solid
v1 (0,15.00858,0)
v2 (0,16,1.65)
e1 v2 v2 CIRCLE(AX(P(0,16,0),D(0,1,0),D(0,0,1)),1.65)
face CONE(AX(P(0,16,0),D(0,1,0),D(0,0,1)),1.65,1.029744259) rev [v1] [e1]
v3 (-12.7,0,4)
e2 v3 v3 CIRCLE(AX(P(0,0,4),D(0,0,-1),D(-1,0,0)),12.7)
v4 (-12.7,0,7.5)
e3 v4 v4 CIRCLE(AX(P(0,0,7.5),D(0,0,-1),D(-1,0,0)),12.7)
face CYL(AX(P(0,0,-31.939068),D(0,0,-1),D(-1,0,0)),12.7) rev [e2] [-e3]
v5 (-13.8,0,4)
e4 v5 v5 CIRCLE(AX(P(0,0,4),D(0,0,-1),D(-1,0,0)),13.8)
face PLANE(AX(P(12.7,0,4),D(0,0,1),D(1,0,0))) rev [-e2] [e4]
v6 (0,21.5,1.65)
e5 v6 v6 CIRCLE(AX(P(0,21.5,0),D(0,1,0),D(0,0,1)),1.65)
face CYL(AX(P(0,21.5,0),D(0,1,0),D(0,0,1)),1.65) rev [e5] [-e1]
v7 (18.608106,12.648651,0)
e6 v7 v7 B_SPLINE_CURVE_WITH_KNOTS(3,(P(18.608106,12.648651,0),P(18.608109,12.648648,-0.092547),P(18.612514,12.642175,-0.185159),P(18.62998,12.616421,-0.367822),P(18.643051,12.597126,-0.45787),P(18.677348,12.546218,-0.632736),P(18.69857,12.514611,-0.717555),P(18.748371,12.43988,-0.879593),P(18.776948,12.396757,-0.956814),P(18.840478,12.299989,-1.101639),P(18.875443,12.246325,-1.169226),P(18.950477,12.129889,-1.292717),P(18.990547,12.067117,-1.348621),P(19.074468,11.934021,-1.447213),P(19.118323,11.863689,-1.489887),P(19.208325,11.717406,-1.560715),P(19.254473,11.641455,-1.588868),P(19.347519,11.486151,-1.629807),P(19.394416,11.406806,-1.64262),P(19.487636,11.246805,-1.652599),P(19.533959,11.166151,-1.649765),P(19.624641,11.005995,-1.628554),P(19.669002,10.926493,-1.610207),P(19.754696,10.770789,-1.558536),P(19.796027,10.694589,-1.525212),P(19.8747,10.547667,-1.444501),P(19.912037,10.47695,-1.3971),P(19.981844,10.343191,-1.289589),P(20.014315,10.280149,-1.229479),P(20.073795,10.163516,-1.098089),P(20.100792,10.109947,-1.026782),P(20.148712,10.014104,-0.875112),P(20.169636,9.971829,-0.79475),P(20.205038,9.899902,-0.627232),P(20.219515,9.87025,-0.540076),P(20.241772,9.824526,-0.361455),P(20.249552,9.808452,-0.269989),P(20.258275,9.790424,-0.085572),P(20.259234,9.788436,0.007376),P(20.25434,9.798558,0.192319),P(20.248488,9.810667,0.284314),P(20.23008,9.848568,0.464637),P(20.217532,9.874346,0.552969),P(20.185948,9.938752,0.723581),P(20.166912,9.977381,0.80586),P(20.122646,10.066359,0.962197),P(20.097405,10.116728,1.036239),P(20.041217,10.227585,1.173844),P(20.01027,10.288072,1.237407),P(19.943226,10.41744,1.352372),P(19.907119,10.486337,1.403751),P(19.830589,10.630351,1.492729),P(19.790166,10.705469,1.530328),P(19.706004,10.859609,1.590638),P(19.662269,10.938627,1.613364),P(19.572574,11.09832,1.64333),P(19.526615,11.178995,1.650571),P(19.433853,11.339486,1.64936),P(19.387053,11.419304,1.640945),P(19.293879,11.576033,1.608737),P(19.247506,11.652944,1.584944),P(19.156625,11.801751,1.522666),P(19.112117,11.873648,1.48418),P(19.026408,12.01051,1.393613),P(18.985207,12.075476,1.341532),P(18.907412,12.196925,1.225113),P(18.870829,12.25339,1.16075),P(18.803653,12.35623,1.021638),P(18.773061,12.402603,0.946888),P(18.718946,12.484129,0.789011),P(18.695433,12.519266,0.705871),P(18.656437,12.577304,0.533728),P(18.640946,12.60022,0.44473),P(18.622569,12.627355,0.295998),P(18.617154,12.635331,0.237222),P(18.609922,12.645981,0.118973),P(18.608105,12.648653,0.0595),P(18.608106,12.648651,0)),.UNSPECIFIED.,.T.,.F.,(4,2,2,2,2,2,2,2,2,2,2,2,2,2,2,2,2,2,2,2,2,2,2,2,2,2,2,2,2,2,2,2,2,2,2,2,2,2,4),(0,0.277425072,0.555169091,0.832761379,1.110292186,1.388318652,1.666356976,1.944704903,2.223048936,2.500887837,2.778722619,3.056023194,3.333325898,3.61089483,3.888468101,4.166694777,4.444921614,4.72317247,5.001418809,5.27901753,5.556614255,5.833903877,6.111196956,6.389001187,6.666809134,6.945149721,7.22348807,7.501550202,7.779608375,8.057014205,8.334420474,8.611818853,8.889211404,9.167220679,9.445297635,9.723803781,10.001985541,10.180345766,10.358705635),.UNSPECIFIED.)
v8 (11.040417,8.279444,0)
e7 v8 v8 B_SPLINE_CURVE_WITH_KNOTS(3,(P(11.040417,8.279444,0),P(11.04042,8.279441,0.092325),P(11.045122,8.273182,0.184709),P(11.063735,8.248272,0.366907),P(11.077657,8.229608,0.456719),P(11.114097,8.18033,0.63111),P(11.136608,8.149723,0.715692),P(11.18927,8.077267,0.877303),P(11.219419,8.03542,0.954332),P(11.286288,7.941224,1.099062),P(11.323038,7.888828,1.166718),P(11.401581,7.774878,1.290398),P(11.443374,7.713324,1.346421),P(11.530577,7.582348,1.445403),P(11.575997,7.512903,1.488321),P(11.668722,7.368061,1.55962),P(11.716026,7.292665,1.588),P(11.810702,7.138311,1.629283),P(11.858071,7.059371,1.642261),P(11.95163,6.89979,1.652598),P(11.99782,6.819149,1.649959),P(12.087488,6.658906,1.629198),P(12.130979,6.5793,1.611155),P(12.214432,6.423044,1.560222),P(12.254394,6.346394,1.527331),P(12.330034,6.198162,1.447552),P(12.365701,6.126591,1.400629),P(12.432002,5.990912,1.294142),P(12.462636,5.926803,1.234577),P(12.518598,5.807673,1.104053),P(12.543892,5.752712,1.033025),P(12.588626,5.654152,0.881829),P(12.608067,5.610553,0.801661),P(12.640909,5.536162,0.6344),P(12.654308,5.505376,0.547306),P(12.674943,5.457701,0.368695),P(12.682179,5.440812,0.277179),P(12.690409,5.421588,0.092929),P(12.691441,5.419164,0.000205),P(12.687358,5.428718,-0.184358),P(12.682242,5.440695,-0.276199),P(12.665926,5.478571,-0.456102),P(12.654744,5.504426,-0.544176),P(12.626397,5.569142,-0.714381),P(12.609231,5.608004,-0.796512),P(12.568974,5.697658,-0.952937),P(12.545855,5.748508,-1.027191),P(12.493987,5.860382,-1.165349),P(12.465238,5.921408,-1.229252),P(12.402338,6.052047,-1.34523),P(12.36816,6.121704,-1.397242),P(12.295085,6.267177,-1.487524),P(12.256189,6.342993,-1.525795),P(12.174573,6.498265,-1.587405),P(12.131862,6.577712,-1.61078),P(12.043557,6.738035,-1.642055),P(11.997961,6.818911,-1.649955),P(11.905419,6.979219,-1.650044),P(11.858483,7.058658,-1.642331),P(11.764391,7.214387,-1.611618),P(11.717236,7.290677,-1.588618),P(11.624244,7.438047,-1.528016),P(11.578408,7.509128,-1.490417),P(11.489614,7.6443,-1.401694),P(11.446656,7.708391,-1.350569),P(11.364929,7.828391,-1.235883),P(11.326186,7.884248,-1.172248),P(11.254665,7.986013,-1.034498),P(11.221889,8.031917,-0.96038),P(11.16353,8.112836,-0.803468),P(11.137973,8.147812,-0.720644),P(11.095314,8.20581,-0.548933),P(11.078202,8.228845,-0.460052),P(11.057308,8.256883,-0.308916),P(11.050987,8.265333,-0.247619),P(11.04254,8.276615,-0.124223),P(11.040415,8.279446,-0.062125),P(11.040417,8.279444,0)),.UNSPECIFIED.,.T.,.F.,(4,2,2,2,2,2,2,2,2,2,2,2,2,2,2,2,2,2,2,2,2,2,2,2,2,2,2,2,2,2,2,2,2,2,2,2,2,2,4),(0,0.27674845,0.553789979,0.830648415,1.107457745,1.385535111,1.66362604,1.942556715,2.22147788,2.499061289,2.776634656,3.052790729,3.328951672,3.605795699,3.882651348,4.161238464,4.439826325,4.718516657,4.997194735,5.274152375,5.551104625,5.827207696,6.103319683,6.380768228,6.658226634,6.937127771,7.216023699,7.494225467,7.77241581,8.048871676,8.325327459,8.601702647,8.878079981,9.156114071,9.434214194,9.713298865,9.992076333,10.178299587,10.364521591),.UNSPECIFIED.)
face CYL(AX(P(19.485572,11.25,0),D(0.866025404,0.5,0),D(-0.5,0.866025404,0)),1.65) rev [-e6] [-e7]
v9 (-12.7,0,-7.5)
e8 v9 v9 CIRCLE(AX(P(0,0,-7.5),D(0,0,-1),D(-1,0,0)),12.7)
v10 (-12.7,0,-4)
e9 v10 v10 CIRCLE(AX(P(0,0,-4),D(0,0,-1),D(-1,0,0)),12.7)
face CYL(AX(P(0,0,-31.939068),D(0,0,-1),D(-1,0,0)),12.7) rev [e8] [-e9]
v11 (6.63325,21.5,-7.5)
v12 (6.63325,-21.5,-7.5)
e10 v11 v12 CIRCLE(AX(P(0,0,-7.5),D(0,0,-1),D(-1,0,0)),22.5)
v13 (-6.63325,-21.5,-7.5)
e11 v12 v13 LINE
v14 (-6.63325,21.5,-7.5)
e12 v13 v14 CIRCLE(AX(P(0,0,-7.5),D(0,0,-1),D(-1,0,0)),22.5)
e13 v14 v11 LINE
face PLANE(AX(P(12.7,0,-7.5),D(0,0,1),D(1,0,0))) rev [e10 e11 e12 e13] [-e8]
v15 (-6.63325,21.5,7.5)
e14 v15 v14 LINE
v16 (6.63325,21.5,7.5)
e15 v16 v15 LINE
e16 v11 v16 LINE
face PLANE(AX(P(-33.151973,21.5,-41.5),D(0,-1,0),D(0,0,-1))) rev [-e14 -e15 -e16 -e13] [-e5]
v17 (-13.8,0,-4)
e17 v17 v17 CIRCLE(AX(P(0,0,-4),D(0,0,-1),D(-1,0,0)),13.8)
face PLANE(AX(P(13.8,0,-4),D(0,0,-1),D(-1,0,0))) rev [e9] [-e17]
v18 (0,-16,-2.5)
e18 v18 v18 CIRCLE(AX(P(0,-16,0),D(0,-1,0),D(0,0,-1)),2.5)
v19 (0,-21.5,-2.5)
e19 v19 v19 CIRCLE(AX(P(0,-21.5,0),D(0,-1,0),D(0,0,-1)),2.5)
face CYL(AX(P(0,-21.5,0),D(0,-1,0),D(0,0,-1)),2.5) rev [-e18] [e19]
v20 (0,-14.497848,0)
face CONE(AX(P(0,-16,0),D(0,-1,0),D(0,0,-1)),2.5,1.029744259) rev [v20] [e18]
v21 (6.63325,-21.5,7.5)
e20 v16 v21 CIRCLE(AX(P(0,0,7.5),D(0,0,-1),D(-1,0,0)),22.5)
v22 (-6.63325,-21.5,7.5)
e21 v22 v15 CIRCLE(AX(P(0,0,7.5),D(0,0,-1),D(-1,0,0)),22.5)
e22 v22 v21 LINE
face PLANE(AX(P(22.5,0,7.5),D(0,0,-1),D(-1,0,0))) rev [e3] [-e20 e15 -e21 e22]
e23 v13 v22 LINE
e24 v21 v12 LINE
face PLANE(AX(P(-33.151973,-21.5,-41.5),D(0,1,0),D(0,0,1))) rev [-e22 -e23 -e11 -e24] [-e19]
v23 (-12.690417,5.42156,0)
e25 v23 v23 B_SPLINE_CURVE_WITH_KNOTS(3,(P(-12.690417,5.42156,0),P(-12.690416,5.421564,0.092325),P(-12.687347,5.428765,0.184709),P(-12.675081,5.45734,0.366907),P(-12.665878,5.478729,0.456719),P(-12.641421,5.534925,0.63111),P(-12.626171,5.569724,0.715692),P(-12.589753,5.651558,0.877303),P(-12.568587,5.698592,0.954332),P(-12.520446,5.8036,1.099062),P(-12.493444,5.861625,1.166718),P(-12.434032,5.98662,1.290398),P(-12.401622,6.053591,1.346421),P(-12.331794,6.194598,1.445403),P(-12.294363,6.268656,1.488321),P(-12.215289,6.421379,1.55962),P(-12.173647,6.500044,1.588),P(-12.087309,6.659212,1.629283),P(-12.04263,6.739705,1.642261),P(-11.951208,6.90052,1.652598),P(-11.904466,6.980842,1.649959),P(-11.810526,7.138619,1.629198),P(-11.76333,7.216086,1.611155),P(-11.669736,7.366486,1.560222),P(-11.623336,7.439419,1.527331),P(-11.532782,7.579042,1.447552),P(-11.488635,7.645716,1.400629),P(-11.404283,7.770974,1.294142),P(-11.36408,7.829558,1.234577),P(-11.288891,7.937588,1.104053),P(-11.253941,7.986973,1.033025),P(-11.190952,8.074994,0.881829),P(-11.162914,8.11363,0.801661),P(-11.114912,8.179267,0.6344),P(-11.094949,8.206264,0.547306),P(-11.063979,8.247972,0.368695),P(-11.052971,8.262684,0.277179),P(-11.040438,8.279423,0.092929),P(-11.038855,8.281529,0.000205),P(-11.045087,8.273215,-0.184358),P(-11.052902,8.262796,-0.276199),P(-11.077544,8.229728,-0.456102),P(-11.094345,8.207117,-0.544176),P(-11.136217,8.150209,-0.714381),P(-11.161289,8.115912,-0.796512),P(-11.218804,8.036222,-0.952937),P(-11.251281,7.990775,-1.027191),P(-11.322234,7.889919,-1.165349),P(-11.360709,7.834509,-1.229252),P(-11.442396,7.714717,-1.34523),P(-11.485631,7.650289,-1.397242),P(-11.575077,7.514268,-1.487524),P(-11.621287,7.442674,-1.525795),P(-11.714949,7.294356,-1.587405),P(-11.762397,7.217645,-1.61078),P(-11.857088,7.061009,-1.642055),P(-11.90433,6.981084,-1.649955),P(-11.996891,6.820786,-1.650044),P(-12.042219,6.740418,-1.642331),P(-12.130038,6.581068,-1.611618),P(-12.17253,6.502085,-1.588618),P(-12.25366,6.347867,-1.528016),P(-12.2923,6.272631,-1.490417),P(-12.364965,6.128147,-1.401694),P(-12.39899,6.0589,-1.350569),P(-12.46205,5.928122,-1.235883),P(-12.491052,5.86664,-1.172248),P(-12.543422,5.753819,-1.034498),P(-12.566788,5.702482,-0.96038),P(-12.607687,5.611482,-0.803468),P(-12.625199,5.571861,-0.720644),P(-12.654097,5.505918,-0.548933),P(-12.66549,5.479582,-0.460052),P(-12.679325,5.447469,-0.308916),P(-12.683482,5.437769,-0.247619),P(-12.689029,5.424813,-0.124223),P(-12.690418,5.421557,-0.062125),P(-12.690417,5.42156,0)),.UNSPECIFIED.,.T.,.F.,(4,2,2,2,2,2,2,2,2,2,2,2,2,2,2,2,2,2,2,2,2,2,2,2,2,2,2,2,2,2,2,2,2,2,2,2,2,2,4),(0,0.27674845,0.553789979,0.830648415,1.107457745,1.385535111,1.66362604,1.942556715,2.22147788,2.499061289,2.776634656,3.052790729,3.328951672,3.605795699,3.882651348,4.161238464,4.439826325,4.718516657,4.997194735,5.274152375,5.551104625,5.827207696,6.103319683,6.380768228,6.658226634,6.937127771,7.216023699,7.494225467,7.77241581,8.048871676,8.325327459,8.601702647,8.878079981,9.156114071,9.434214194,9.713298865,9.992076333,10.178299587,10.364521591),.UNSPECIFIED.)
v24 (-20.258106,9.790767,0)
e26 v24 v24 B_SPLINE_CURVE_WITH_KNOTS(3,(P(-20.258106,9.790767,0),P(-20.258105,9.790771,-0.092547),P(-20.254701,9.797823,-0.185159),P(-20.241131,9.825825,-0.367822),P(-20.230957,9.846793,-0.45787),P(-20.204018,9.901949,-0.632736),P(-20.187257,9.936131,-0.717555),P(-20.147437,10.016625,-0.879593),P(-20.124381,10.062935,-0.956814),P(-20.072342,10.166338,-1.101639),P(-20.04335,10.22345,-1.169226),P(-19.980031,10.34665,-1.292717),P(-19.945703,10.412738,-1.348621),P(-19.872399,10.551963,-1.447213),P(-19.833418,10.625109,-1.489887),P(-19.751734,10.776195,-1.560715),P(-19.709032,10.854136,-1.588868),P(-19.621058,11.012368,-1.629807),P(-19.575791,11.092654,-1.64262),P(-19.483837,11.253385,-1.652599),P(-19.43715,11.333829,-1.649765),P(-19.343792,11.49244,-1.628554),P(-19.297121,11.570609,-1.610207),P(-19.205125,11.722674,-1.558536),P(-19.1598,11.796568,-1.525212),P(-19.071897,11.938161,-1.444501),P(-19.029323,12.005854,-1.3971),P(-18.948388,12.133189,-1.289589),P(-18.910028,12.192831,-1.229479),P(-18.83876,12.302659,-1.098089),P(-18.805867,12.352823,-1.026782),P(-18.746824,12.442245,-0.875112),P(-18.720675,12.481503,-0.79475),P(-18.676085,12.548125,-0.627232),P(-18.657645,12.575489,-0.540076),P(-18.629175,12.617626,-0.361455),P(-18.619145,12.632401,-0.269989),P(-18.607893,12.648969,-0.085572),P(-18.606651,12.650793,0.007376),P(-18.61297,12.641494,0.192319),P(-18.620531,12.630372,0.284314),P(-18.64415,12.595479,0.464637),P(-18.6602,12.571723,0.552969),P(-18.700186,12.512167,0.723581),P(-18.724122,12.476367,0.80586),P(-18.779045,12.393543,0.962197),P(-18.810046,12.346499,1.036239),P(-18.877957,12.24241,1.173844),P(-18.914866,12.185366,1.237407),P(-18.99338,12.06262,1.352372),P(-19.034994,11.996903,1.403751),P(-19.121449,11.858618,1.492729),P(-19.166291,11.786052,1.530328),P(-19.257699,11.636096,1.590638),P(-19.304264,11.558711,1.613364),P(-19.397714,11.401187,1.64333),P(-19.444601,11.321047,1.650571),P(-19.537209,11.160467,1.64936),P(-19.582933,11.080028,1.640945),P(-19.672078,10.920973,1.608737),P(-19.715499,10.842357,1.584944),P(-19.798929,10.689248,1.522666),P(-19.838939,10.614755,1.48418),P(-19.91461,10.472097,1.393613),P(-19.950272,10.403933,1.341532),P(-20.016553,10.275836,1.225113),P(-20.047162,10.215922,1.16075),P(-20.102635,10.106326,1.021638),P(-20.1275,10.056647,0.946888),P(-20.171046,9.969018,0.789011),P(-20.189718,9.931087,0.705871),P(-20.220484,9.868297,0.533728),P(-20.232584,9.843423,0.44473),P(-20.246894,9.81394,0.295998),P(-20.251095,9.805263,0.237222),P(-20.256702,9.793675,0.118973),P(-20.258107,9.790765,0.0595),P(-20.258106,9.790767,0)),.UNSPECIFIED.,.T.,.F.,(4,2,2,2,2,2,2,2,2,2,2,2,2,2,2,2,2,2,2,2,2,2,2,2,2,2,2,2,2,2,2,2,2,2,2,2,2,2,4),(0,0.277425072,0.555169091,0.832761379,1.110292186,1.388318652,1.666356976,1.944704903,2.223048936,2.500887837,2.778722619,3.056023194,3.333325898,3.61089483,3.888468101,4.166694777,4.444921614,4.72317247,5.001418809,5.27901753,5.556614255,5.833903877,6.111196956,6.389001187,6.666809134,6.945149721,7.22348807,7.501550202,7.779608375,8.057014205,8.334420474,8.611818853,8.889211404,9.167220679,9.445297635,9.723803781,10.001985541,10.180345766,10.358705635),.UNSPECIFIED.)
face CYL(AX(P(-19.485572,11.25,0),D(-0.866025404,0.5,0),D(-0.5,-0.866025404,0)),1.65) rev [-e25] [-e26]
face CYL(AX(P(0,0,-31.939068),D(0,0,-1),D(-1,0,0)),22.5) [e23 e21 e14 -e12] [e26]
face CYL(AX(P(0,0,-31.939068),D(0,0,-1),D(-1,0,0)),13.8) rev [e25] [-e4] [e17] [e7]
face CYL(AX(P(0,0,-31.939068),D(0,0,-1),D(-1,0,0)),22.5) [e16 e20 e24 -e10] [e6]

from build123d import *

# Parameters (mm, degrees)
SKETCH_2_W                       = 64.02174429
SKETCH_2_H                       = 9.248919907
CUT_EXTRUDE_1_DEPTH              = 49
HOLE_WIZARD_M4_2_D               = 3.3
HOLE_WIZARD_M4_2_DEPTH           = 5.5
HOLE_WIZARD_M4_2_TIP             = 0.991420021
HOLE_WIZARD_M6_2_D               = 5
HOLE_WIZARD_M6_2_DEPTH           = 5.5
HOLE_WIZARD_M6_2_TIP             = 1.502151548
HOLE_WIZARD_M4_3_D               = 3.3
HOLE_WIZARD_M4_3_DEPTH           = 13.4
HOLE_WIZARD_M4_3_TIP             = 0.991420021
HOLE_WIZARD_M4_3_ON_FACE_2_D     = 3.3
HOLE_WIZARD_M4_3_ON_FACE_2_DEPTH = 13.4
HOLE_WIZARD_M4_3_ON_FACE_2_TIP   = 0.991420021


with BuildPart() as part:
    # 草图1 → 旋转1 (revolve)
    with BuildSketch(Plane(origin=(0, 0, 0), x_dir=(1, 0, 0), z_dir=(0, 1, 0)), mode=Mode.PRIVATE) as revolve_1_sk:
        Polygon((22.5, 7.5), (22.5, -7.5), (12.7, -7.5), (12.7, -4), (13.8, -4), (13.8, 4), (12.7, 4), (12.7, 7.5), align=None)
    revolve(revolve_1_sk.sketch.rotate(Axis((0, 0, -31.9390681), (0, 0, 1)), 180), axis=Axis((0, 0, -31.9390681), (0, 0, 1)))  # turned: the seam where the file's is

    # 草图2 → 切除-拉伸1 (cut)
    with BuildSketch(Plane.XY.offset(7.5)):
        with Locations((-1.141100508, 26.124459954)):
            Rectangle(SKETCH_2_W, SKETCH_2_H)
        with Locations((-1.141100508, -26.124459954)):
            Rectangle(SKETCH_2_W, SKETCH_2_H)
    extrude(amount=-CUT_EXTRUDE_1_DEPTH, mode=Mode.SUBTRACT)

    # M4 螺纹孔2
    with Locations(Plane(origin=(0, 21.5, 0), x_dir=(1, 0, 0), z_dir=(0, 1, 0))):
        with Locations((0, 0)):
            Hole(HOLE_WIZARD_M4_2_D / 2, depth=HOLE_WIZARD_M4_2_DEPTH)
            with Locations((0, 0, -(HOLE_WIZARD_M4_2_DEPTH + HOLE_WIZARD_M4_2_TIP / 2))):  # 118° drill point
                Cone(0, HOLE_WIZARD_M4_2_D / 2, HOLE_WIZARD_M4_2_TIP, mode=Mode.SUBTRACT)

    # M6 螺纹孔2
    with Locations(Plane(origin=(0, -21.5, 0), x_dir=(-1, 0, 0), z_dir=(0, -1, 0))):
        with Locations((0, 0)):
            Hole(HOLE_WIZARD_M6_2_D / 2, depth=HOLE_WIZARD_M6_2_DEPTH)
            with Locations((0, 0, -(HOLE_WIZARD_M6_2_DEPTH + HOLE_WIZARD_M6_2_TIP / 2))):  # 118° drill point
                Cone(0, HOLE_WIZARD_M6_2_D / 2, HOLE_WIZARD_M6_2_TIP, mode=Mode.SUBTRACT)

    # M4 螺纹孔3
    with Locations(Plane(origin=(19.485571585, 11.25, 0), x_dir=(-0.5, 0.866025404, 0), z_dir=(0.866025404, 0.5, 0))):
        with Locations((0, 0)):
            Hole(HOLE_WIZARD_M4_3_D / 2, depth=HOLE_WIZARD_M4_3_DEPTH)
            with Locations((0, 0, -(HOLE_WIZARD_M4_3_DEPTH + HOLE_WIZARD_M4_3_TIP / 2))):  # 118° drill point
                Cone(0, HOLE_WIZARD_M4_3_D / 2, HOLE_WIZARD_M4_3_TIP, mode=Mode.SUBTRACT)

    # M4 螺纹孔3 on face 2
    with Locations(Plane(origin=(-19.485571585, 11.25, 0), x_dir=(-0.500000175, -0.866025303, 0), z_dir=(-0.866025303, 0.500000175, 0))):
        with Locations((0, 0)):
            Hole(HOLE_WIZARD_M4_3_ON_FACE_2_D / 2, depth=HOLE_WIZARD_M4_3_ON_FACE_2_DEPTH)
            with Locations((0, 0, -(HOLE_WIZARD_M4_3_ON_FACE_2_DEPTH + HOLE_WIZARD_M4_3_ON_FACE_2_TIP / 2))):  # 118° drill point
                Cone(0, HOLE_WIZARD_M4_3_ON_FACE_2_D / 2, HOLE_WIZARD_M4_3_ON_FACE_2_TIP, mode=Mode.SUBTRACT)


solid = part.part
